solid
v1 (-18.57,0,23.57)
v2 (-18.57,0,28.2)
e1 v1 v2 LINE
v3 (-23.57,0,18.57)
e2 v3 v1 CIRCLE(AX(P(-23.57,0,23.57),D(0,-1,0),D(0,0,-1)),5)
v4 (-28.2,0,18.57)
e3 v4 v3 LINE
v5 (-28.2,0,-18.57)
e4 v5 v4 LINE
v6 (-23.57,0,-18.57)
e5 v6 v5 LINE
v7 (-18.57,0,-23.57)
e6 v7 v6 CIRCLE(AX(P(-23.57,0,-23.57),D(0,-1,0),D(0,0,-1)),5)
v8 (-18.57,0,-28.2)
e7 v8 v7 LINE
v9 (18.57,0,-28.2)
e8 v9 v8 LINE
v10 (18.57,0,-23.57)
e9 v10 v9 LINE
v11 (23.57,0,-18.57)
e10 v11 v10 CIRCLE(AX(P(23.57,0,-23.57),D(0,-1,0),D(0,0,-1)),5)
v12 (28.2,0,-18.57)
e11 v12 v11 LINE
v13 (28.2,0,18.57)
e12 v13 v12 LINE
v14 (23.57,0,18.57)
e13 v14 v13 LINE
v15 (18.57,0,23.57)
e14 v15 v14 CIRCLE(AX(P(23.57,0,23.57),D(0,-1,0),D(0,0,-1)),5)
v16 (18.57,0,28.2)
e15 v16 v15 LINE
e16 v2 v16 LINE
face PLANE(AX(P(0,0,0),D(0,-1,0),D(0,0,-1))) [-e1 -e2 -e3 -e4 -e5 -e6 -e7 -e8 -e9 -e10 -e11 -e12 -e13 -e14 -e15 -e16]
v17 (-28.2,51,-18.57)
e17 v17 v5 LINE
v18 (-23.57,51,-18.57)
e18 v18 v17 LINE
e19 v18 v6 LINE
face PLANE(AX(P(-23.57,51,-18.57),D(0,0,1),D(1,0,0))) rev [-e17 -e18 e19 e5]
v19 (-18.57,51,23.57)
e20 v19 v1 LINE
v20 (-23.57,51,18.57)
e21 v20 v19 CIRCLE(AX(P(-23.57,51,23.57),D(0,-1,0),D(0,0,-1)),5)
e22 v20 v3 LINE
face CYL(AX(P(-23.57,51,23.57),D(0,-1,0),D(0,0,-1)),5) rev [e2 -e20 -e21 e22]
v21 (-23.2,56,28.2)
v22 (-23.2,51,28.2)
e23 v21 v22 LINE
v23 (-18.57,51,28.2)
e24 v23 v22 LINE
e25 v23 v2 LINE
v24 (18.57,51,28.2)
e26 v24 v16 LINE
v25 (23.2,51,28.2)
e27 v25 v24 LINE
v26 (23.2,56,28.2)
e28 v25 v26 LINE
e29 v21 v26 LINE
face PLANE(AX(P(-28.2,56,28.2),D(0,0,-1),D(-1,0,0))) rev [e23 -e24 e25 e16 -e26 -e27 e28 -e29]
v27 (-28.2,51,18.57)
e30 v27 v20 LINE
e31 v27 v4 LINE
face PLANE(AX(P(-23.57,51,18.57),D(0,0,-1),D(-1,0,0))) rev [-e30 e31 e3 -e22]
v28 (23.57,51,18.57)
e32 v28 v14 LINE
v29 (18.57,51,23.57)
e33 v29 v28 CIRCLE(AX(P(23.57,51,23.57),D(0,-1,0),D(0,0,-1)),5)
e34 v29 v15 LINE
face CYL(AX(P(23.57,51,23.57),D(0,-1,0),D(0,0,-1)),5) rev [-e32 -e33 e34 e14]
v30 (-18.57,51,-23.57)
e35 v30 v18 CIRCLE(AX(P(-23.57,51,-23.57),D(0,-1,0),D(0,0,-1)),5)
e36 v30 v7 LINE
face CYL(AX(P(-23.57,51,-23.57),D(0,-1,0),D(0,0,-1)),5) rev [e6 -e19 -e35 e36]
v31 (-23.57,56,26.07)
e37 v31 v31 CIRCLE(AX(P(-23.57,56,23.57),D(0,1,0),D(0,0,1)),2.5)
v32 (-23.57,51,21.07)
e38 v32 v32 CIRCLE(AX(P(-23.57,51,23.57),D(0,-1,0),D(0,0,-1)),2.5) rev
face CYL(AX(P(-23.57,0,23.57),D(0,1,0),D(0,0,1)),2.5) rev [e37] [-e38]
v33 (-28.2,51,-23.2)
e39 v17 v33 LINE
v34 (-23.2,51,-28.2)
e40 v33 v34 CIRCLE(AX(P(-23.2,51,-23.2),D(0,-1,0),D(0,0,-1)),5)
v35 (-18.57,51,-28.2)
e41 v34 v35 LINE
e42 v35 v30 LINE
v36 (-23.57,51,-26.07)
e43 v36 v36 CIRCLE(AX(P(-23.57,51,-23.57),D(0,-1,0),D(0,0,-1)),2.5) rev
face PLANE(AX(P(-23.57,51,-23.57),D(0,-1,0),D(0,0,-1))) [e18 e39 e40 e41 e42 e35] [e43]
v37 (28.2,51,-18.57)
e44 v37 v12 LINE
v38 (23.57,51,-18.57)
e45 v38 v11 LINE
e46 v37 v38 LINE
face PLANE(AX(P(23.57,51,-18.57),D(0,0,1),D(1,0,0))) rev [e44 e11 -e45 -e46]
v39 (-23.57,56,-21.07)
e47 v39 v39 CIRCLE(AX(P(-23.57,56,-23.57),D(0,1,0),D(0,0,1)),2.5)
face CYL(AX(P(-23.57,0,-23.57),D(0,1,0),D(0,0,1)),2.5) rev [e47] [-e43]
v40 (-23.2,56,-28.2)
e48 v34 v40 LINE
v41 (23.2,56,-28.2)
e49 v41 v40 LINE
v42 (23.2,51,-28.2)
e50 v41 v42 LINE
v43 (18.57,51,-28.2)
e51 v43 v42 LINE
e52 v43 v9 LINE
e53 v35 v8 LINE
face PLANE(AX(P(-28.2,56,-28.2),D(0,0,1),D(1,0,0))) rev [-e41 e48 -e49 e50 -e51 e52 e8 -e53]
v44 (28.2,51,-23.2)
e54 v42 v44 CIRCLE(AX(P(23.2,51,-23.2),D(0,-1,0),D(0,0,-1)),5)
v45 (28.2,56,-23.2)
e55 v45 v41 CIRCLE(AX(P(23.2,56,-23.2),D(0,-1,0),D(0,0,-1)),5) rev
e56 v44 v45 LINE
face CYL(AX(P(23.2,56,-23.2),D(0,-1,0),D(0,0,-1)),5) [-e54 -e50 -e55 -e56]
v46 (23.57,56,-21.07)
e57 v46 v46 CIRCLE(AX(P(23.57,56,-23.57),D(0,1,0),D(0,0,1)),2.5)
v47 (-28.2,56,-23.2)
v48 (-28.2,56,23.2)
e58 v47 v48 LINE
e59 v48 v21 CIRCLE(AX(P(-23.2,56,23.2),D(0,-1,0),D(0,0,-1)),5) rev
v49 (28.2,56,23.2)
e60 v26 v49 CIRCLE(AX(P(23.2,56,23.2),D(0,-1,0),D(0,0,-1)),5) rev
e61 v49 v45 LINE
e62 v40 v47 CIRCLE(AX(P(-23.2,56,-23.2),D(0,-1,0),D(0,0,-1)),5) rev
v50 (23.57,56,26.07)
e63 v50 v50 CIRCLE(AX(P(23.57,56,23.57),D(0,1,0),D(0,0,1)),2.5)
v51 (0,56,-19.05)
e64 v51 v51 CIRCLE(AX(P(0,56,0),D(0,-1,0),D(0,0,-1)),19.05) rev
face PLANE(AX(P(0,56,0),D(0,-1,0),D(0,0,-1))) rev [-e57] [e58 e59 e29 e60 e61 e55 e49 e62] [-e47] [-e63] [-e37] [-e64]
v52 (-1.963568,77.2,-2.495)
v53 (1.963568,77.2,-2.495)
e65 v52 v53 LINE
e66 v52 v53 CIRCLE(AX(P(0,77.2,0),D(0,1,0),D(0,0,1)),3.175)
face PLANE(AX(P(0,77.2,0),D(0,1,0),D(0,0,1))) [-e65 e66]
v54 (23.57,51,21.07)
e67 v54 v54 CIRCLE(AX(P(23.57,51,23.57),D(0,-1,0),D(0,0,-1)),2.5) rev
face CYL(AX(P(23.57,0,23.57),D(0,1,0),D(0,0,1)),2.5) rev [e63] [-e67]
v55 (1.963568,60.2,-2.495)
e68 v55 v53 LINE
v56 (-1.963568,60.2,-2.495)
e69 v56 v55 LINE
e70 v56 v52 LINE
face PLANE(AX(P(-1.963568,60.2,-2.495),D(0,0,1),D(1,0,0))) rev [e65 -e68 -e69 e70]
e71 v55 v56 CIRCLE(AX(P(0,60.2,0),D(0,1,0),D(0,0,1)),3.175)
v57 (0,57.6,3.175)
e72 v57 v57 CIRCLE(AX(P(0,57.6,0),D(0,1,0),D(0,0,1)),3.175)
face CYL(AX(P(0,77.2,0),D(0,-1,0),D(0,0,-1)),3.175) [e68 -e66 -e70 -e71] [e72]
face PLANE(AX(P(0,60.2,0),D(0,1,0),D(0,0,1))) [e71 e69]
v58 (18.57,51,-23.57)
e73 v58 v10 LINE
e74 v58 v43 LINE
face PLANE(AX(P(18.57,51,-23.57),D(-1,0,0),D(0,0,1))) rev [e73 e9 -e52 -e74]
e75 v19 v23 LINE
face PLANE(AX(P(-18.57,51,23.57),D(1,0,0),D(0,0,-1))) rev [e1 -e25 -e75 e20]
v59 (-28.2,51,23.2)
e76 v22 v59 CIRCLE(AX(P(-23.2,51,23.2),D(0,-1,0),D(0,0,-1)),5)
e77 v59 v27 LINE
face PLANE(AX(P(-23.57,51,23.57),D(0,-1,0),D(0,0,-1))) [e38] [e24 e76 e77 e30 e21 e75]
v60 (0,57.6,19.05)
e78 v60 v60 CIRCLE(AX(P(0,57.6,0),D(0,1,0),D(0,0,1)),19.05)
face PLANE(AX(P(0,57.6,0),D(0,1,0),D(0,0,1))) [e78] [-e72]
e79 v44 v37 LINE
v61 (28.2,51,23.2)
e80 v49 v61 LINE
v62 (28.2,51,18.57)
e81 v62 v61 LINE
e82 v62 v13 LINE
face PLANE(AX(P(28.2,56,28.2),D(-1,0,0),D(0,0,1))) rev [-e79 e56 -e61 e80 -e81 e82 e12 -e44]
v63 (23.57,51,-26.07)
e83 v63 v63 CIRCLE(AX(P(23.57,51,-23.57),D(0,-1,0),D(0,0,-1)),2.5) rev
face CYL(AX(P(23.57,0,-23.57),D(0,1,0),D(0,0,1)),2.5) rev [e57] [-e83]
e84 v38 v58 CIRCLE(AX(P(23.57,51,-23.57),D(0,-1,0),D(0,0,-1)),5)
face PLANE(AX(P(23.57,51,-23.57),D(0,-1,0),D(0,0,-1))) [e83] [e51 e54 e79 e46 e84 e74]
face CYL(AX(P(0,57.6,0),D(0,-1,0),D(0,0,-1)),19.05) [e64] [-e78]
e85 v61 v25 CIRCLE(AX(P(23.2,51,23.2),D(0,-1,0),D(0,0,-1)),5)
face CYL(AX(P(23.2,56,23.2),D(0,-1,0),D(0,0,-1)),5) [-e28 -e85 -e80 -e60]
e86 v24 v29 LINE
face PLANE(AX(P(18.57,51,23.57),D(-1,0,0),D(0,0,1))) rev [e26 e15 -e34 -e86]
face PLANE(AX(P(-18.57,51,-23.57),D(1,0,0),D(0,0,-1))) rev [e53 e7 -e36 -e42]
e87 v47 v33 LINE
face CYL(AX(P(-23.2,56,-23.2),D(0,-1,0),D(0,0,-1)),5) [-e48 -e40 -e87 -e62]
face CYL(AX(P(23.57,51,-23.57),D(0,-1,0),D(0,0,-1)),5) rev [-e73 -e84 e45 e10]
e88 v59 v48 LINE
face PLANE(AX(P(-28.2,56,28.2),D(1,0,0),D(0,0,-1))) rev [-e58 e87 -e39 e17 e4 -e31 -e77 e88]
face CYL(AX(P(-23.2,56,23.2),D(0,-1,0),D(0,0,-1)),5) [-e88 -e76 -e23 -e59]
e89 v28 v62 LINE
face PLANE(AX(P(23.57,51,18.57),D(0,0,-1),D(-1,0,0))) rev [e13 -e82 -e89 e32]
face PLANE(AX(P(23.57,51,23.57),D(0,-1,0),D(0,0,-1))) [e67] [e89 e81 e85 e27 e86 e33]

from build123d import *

# Parameters (mm, degrees)
SKETCH1_W           = 56.4
SKETCH1_H           = 56.4
BOSS_EXTRUDE1_DEPTH = 56
SKETCH2_R           = 2.5
CUT_EXTRUDE1_DEPTH  = 56
CUT_EXTRUDE2_DEPTH  = 51
FILLET1_R           = 5
SKETCH5_R           = 19.05
BOSS_EXTRUDE2_DEPTH = 1.6
SKETCH6_R           = 3.175
BOSS_EXTRUDE3_DEPTH = 19.6
CUT_EXTRUDE3_START  = -17
CUT_EXTRUDE3_DEPTH  = 17


with BuildPart() as part:
    # Sketch1 → Boss-Extrude1 (new body)
    with BuildSketch(Plane(origin=(0, 0, 0), x_dir=(1, 0, 0), z_dir=(0, 1, 0))):
        Rectangle(SKETCH1_W, SKETCH1_H)
    extrude(amount=BOSS_EXTRUDE1_DEPTH)

    # Sketch2 → Cut-Extrude1 (cut)
    with BuildSketch(Plane(origin=(0, 56, 0), x_dir=(1, 0, 0), z_dir=(0, 1, 0))):
        with Locations(Location((-23.57, 23.57, 0), (0, 0, 270))):
            Circle(SKETCH2_R)
        with Locations(Location((23.57, 23.57, 0), (0, 0, 270))):
            Circle(SKETCH2_R)
        with Locations(Location((23.57, -23.57, 0), (0, 0, 270))):
            Circle(SKETCH2_R)
        with Locations(Location((-23.57, -23.57, 0), (0, 0, 270))):
            Circle(SKETCH2_R)
    extrude(amount=-CUT_EXTRUDE1_DEPTH, mode=Mode.SUBTRACT)

    # Sketch4 → Cut-Extrude2 (cut)
    with BuildSketch(Plane.XZ):
        with BuildLine():
            Line((-18.57, 23.57), (-18.57, 28.2))
            Line((-18.57, 28.2), (-28.2, 28.2))
            Line((-28.2, 28.2), (-28.2, 18.57))
            Line((-28.2, 18.57), (-23.57, 18.57))
            ThreePointArc((-23.57, 18.57), (-20.034466094, 20.034466094), (-18.57, 23.57))
        make_face()
        with BuildLine():
            Line((23.57, 18.57), (28.2, 18.57))
            Line((28.2, 18.57), (28.2, 28.2))
            Line((28.2, 28.2), (18.57, 28.2))
            Line((18.57, 28.2), (18.57, 23.57))
            ThreePointArc((18.57, 23.57), (20.034466094, 20.034466094), (23.57, 18.57))
        make_face()
        with BuildLine():
            Line((18.57, -23.57), (18.57, -28.2))
            Line((18.57, -28.2), (28.2, -28.2))
            Line((28.2, -28.2), (28.2, -18.57))
            Line((28.2, -18.57), (23.57, -18.57))
            ThreePointArc((23.57, -18.57), (20.034466094, -20.034466094), (18.57, -23.57))
        make_face()
        with BuildLine():
            Line((-23.57, -18.57), (-28.2, -18.57))
            Line((-28.2, -18.57), (-28.2, -28.2))
            Line((-28.2, -28.2), (-18.57, -28.2))
            Line((-18.57, -28.2), (-18.57, -23.57))
            ThreePointArc((-18.57, -23.57), (-20.034466094, -20.034466094), (-23.57, -18.57))
        make_face()
    extrude(amount=-CUT_EXTRUDE2_DEPTH, mode=Mode.SUBTRACT)

    # Fillet1
    fillet1_edges = [part.edges().sort_by_distance(p)[0] for p in [
        (28.2, 53.5, 28.2),
        (-28.2, 53.5, 28.2),
        (-28.2, 53.5, -28.2),
        (28.2, 53.5, -28.2),
    ]]
    fillet(fillet1_edges, radius=FILLET1_R)

    # Sketch5 → Boss-Extrude2 (add)
    with BuildSketch(Plane(origin=(0, 56, 0), x_dir=(1, 0, 0), z_dir=(0, 1, 0))):
        with Locations(Location((0, 0, 0), (0, 0, 90))):
            Circle(SKETCH5_R)
    extrude(amount=BOSS_EXTRUDE2_DEPTH)

    # Sketch6 → Boss-Extrude3 (add)
    with BuildSketch(Plane(origin=(0, 57.6, 0), x_dir=(1, 0, 0), z_dir=(0, 1, 0))):
        with Locations(Location((0, 0, 0), (0, 0, 270))):
            Circle(SKETCH6_R)
    extrude(amount=BOSS_EXTRUDE3_DEPTH)

    # Sketch7 → Cut-Extrude3 (cut)
    with BuildSketch(Plane(origin=(0, 77.2, 0), x_dir=(1, 0, 0), z_dir=(0, 1, 0)).offset(CUT_EXTRUDE3_START)):
        with BuildLine():
            Line((-1.963568181, 2.495), (1.963568181, 2.495))
            ThreePointArc((1.963568181, 2.495), (0, 3.175), (-1.963568181, 2.495))
        make_face()
    extrude(amount=CUT_EXTRUDE3_DEPTH, mode=Mode.SUBTRACT)


solid = part.part
